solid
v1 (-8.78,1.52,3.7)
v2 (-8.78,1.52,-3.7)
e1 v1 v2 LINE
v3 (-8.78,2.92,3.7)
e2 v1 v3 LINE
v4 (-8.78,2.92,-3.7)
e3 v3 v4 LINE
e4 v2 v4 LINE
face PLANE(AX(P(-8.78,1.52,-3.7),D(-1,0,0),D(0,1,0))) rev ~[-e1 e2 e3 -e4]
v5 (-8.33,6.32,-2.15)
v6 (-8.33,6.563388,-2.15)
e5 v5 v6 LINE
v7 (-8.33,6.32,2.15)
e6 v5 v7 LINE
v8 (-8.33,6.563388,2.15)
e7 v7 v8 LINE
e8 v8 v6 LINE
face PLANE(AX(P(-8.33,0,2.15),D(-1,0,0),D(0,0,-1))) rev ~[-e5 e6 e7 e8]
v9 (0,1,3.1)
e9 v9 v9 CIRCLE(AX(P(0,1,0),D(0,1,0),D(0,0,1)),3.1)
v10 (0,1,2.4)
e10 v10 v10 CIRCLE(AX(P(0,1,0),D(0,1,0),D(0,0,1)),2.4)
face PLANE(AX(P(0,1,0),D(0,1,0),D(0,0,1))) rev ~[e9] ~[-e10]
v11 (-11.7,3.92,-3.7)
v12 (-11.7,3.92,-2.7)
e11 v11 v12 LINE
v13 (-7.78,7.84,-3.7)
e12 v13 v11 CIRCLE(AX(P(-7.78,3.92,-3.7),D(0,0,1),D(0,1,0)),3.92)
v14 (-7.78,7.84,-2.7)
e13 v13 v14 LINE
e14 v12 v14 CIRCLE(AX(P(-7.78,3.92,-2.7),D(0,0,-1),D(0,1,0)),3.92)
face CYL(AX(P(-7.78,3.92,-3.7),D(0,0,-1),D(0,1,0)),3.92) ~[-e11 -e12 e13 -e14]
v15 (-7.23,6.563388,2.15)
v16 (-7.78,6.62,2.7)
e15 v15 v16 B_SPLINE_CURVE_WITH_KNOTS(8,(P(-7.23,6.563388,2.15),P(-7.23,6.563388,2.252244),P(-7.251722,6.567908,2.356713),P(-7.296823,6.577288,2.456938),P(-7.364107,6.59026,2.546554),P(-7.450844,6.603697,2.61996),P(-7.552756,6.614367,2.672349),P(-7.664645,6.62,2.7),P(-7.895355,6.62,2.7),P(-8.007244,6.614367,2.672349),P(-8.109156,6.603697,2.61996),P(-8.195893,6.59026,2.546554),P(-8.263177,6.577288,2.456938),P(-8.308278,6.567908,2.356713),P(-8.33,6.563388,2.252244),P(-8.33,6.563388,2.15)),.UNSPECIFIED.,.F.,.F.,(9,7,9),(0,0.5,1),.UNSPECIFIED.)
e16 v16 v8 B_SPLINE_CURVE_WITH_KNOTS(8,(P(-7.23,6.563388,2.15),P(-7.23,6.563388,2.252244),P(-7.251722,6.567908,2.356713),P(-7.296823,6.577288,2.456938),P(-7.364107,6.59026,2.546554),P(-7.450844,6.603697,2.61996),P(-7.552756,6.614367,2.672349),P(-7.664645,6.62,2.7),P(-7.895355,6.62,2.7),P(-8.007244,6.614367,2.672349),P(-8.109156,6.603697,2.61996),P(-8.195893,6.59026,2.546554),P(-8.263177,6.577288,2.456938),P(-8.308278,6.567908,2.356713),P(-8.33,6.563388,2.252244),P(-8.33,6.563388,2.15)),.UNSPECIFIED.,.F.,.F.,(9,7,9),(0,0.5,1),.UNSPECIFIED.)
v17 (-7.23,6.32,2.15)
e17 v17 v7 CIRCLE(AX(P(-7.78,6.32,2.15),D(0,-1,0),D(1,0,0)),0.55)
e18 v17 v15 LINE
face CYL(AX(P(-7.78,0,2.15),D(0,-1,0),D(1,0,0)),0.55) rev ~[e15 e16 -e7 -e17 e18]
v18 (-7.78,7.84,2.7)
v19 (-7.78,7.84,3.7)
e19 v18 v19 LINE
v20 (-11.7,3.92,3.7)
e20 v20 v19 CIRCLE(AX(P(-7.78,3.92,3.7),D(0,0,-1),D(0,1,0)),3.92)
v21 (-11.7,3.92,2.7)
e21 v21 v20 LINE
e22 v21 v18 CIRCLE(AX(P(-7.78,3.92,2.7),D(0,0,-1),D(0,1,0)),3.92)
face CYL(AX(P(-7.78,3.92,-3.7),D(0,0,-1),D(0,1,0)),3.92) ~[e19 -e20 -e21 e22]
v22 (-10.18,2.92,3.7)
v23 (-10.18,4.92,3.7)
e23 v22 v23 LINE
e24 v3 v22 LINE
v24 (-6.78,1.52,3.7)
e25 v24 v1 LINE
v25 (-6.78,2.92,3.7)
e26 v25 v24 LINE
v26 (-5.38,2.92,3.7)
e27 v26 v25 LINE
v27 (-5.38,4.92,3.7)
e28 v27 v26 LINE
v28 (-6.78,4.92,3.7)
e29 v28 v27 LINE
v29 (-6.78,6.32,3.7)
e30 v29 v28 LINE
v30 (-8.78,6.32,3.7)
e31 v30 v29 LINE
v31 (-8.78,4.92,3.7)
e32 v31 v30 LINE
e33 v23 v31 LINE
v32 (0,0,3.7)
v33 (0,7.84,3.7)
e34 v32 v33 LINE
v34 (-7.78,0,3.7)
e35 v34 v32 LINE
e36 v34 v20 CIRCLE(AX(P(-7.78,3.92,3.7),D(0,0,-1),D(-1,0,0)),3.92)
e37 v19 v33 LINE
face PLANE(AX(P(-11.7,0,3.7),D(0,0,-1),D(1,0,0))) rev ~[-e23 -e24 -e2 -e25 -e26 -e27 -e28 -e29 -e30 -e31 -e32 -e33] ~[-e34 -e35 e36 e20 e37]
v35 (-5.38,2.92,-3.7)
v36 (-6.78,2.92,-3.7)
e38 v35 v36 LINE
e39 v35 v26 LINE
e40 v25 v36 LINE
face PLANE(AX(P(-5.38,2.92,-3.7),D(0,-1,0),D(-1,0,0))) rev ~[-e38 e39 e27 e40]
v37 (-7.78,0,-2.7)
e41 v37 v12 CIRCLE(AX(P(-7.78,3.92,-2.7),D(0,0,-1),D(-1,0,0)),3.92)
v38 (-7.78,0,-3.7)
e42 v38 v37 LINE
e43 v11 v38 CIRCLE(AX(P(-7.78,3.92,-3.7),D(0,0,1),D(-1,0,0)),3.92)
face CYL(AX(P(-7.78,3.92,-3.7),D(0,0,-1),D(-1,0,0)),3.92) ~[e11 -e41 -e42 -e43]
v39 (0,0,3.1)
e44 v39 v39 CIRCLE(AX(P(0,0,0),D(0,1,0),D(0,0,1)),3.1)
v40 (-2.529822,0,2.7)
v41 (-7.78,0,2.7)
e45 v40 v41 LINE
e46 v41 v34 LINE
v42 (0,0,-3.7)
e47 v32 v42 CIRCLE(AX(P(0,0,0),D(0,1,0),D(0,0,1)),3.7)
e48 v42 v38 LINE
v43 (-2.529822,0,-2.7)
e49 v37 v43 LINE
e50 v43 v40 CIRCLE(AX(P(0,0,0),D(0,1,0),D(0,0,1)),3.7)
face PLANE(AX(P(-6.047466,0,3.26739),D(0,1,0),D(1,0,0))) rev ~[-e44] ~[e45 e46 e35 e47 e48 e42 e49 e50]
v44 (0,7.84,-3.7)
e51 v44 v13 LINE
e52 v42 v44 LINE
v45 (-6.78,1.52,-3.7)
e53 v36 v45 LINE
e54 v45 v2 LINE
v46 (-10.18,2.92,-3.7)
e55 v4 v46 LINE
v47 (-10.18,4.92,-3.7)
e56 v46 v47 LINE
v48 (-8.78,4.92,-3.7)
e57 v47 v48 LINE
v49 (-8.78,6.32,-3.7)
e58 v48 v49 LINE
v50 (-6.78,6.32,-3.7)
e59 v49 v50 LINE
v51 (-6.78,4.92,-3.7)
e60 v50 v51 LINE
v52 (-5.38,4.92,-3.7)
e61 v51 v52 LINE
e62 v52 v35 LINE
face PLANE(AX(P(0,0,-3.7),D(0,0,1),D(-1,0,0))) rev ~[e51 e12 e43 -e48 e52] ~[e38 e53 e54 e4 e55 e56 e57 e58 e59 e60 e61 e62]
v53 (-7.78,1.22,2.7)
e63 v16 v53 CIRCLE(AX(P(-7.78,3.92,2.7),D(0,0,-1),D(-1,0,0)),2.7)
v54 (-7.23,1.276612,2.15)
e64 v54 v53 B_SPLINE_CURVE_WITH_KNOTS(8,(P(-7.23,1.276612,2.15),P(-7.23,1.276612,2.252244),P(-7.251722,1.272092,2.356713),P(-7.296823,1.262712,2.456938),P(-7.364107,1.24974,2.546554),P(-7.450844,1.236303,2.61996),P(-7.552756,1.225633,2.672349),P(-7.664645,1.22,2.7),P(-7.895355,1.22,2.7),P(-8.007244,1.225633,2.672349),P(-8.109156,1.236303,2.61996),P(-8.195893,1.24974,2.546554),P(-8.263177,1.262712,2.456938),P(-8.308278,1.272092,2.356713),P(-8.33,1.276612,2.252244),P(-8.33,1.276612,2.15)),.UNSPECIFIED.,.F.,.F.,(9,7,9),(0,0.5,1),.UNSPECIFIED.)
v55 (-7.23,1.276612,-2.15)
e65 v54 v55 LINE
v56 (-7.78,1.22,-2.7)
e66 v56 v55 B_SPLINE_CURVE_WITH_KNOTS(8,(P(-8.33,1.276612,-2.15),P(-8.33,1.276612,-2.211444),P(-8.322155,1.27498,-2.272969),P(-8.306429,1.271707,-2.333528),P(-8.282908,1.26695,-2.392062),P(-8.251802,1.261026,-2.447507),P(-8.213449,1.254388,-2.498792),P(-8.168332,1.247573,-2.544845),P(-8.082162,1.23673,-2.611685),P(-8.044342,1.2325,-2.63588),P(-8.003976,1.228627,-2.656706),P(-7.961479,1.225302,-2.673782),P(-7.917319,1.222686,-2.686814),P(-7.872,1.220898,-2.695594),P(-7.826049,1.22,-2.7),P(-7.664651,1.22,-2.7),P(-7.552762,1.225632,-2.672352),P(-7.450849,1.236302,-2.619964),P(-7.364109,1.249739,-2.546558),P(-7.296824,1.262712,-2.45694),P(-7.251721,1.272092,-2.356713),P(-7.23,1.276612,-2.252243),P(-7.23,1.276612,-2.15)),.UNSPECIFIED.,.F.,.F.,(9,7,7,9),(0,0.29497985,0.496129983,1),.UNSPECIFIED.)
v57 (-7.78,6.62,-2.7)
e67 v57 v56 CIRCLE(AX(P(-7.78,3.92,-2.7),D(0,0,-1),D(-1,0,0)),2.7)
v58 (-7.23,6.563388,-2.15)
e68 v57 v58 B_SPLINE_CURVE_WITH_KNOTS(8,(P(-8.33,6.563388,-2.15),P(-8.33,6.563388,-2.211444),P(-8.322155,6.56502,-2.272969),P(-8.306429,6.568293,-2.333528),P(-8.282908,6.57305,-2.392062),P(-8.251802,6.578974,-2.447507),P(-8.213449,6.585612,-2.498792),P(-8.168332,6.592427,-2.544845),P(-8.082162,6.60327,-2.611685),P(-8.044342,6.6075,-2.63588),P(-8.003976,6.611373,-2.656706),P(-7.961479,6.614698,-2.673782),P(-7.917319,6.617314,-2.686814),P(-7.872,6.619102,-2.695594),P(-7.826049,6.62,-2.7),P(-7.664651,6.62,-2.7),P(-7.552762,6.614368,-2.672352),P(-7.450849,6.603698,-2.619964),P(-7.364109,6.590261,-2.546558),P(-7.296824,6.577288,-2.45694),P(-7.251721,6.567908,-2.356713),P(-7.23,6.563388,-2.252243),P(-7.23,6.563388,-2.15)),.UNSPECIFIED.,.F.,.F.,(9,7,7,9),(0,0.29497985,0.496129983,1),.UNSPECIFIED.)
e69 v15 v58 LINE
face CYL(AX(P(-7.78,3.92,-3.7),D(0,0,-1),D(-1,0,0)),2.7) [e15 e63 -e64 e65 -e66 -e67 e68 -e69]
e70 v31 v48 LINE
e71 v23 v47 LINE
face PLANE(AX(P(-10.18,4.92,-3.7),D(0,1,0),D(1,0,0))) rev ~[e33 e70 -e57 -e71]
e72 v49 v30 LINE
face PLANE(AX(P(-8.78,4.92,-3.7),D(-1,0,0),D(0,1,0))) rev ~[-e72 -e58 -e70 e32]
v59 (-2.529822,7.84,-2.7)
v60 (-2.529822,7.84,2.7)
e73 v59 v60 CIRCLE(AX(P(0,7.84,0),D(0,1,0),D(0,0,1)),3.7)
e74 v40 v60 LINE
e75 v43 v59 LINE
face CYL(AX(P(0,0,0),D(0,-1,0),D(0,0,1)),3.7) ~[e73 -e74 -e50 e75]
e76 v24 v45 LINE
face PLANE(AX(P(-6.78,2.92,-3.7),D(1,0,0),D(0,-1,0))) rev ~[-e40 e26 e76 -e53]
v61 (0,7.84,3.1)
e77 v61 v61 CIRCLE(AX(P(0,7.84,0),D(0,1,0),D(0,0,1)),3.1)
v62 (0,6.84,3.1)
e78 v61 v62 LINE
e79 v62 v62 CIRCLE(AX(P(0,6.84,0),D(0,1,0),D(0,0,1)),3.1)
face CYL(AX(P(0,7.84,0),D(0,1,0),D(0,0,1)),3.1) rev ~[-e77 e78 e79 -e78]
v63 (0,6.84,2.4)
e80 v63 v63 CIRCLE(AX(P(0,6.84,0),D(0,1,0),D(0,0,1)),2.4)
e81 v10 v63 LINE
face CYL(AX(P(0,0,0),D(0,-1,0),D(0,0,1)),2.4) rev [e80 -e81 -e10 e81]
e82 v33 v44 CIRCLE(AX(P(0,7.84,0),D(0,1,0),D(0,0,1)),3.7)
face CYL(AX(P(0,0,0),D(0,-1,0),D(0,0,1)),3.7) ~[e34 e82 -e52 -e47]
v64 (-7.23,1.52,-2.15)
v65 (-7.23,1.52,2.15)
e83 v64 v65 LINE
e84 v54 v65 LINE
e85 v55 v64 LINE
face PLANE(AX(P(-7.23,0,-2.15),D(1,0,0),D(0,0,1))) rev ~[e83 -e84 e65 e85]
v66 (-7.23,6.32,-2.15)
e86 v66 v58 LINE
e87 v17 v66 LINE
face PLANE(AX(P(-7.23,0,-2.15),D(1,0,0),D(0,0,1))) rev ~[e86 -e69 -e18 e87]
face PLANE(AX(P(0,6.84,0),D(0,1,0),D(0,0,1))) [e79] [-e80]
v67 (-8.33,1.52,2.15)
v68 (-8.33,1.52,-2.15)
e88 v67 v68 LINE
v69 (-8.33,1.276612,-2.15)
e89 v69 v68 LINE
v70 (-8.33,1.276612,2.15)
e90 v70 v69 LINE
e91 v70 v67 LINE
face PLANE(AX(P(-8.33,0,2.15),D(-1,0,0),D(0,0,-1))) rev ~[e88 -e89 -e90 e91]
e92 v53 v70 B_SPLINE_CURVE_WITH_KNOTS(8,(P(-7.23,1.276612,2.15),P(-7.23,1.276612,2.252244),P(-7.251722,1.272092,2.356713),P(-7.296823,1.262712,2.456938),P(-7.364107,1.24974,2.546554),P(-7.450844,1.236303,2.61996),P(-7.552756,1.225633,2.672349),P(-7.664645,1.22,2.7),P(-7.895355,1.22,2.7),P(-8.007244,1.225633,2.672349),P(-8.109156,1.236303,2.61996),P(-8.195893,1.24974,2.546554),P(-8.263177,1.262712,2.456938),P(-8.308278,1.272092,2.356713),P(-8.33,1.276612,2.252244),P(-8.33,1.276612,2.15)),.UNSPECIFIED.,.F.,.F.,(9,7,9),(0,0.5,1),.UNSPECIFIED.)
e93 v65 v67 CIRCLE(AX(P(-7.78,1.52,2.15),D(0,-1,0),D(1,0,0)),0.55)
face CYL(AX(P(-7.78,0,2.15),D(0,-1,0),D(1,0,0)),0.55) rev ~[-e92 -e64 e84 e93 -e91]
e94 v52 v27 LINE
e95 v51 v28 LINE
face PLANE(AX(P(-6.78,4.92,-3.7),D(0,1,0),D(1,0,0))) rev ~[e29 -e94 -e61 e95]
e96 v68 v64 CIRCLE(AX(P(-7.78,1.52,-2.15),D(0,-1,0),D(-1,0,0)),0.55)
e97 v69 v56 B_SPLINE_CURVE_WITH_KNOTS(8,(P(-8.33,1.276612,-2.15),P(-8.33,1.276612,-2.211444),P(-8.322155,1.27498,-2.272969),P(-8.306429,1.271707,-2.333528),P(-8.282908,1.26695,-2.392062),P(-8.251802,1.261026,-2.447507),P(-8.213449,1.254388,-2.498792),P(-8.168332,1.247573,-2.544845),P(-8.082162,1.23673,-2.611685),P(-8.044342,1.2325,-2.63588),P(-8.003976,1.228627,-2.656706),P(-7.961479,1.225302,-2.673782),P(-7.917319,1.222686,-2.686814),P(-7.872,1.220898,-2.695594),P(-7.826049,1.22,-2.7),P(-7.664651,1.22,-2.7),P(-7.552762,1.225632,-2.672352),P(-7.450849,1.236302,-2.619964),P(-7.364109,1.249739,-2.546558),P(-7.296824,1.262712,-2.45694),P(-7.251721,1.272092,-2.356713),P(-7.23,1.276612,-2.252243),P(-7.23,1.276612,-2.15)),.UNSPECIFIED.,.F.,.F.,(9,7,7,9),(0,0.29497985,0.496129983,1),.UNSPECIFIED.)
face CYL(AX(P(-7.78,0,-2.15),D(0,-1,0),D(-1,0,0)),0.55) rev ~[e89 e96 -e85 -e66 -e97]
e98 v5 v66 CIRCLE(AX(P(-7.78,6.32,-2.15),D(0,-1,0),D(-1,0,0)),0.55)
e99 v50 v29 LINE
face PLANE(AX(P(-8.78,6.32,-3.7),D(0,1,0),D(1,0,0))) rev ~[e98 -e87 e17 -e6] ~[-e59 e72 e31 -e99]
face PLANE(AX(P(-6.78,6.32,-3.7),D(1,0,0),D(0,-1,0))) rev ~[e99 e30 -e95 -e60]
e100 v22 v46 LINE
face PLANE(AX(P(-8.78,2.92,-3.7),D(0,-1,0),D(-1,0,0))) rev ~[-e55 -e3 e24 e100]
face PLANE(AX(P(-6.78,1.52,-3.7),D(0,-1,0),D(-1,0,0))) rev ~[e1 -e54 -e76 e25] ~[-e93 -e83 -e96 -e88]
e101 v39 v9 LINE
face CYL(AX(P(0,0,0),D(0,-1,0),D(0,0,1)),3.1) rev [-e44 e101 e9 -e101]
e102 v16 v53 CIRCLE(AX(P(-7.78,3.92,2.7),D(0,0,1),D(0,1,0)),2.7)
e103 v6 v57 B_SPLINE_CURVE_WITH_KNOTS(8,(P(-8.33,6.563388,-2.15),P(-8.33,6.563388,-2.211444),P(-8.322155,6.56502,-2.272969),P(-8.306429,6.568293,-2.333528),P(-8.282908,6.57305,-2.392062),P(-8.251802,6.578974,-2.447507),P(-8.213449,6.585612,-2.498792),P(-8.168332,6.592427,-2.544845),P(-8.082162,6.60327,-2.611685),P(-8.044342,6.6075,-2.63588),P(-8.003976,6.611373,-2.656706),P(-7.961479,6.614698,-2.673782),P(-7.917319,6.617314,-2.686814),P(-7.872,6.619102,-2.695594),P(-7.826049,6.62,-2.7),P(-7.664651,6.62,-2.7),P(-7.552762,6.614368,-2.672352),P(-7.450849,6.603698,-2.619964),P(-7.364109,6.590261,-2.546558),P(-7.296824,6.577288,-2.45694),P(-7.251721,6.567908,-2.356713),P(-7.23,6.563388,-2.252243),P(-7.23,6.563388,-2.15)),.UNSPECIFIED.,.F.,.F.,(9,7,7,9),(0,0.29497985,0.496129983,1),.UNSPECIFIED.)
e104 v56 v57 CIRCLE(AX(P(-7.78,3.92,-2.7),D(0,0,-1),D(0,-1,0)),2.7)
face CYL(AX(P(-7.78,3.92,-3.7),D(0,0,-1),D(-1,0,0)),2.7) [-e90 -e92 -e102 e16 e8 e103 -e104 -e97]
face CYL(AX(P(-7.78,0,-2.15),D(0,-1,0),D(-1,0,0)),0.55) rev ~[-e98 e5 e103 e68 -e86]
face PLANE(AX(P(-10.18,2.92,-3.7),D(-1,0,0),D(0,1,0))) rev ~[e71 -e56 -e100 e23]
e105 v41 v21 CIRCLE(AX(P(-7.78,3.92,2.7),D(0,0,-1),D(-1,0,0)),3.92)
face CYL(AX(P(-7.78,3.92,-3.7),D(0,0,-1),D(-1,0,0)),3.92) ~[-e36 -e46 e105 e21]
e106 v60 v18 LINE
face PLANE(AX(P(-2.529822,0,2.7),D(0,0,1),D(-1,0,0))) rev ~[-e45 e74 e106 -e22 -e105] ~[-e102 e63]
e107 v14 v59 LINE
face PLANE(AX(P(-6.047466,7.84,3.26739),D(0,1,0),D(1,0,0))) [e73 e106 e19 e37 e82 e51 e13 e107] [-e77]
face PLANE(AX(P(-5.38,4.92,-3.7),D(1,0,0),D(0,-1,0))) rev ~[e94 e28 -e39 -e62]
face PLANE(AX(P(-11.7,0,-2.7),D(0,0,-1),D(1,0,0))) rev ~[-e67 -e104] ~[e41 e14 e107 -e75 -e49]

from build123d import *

# Parameters (mm, degrees)
SKETCH1_R           = 3.7
SKETCH1_R_2         = 3.1
SKETCH1_R_3         = 2.4
BOSS_EXTRUDE2_DEPTH = 7.84
SKETCH1_5_R         = 3.1
SKETCH1_5_R_2       = 2.4
CUT_EXTRUDE1_DEPTH  = 1
SKETCH3_R           = 3.1
SKETCH3_R_2         = 2.4
CUT_EXTRUDE2_DEPTH  = 1
BOSS_EXTRUDE3_DEPTH = 7.84
CUT_EXTRUDE3_REACH  = 17.91
CUT_EXTRUDE4_DEPTH  = 16.90960716
SKETCH4_5_R         = 2.7
BOSS_EXTRUDE4_DEPTH = 7.4
CUT_EXTRUDE5_DEPTH  = 15.561785605


with BuildPart() as part:
    # Sketch1 → Boss-Extrude2 (new body)
    with BuildSketch(Plane(origin=(0, 0, 0), x_dir=(1, 0, 0), z_dir=(0, 1, 0))):
        with Locations(Location((0, 0, 0), (0, 0, 270))):
            Circle(SKETCH1_R)
        Circle(SKETCH1_R_2, mode=Mode.SUBTRACT)
        Circle(SKETCH1_R_2)
        with Locations(Location((0, 0, 0), (0, 0, 270))):
            Circle(SKETCH1_R_3, mode=Mode.SUBTRACT)
    extrude(amount=BOSS_EXTRUDE2_DEPTH)

    # Sketch1<5> → Cut-Extrude1 (cut)
    with BuildSketch(Plane(origin=(0, 0, 0), x_dir=(1, 0, 0), z_dir=(0, 1, 0))):
        with Locations(Location((0, 0, 0), (0, 0, 270))):
            Circle(SKETCH1_5_R)
        with Locations(Location((0, 0, 0), (0, 0, 270))):
            Circle(SKETCH1_5_R_2, mode=Mode.SUBTRACT)
    extrude(amount=CUT_EXTRUDE1_DEPTH, mode=Mode.SUBTRACT)

    # Sketch3 → Cut-Extrude2 (cut)
    with BuildSketch(Plane(origin=(0, 7.84, 0), x_dir=(1, 0, 0), z_dir=(0, 1, 0))):
        with Locations(Location((0, 0, 0), (0, 0, 270))):
            Circle(SKETCH3_R)
        with Locations(Location((0, 0, 0), (0, 0, 270))):
            Circle(SKETCH3_R_2, mode=Mode.SUBTRACT)
    extrude(amount=-CUT_EXTRUDE2_DEPTH, mode=Mode.SUBTRACT)

    # Sketch1<6> → Boss-Extrude3 (add)
    with BuildSketch(Plane(origin=(0, 0, 0), x_dir=(1, 0, 0), z_dir=(0, 1, 0))):
        with BuildLine():
            Line((-11.7, -2.7), (-11.7, -3.7))
            Line((-11.7, -3.7), (0, -3.7))
            ThreePointArc((0, -3.7), (-1.360147051, -3.440930107), (-2.529822128, -2.7))
            Line((-2.529822128, -2.7), (-11.7, -2.7))
        make_face()
        with BuildLine():
            Line((-11.7, 3.7), (-11.7, 2.7))
            Line((-11.7, 2.7), (-2.529822128, 2.7))
            ThreePointArc((-2.529822128, 2.7), (-1.360147051, 3.440930107), (0, 3.7))
            Line((0, 3.7), (-11.7, 3.7))
        make_face()
    extrude(amount=BOSS_EXTRUDE3_DEPTH)

    # Cut-Extrude3: up to this face of the body (flat: up to its plane)
    cut_extrude3_end = Plane(part.part.faces().sort_by_distance((-5.85, 3.92, 3.7))[0])
    # Sketch4 → Cut-Extrude3 (cut, up to the picked face)
    with BuildSketch(Plane(origin=(0, 0, -3.7), x_dir=(-1, 0, 0), z_dir=(0, 0, -1)), mode=Mode.PRIVATE) as cut_extrude3_sk1:
        with BuildLine():
            Line((11.7, 7.84), (7.78, 7.84))
            ThreePointArc((7.78, 7.84), (10.551858582, 6.691858582), (11.7, 3.92))
            Line((11.7, 3.92), (11.7, 7.84))
        make_face()
    cut_extrude3_tool1 = split(extrude(cut_extrude3_sk1.sketch, amount=-CUT_EXTRUDE3_REACH, mode=Mode.PRIVATE), bisect_by=cut_extrude3_end, keep=Keep.BOTH, mode=Mode.PRIVATE)
    # Sketch4 → Cut-Extrude3 (cut, up to the picked face)
    with BuildSketch(Plane(origin=(0, 0, -3.7), x_dir=(-1, 0, 0), z_dir=(0, 0, -1)), mode=Mode.PRIVATE) as cut_extrude3_sk2:
        with BuildLine():
            Line((11.7, 0), (11.7, 3.92))
            ThreePointArc((11.7, 3.92), (10.551858582, 1.148141418), (7.78, 0))
            Line((7.78, 0), (11.7, 0))
        make_face()
    cut_extrude3_tool2 = split(extrude(cut_extrude3_sk2.sketch, amount=-CUT_EXTRUDE3_REACH, mode=Mode.PRIVATE), bisect_by=cut_extrude3_end, keep=Keep.BOTH, mode=Mode.PRIVATE)
    add(cut_extrude3_tool1.solids().sort_by(Axis((-10.824398, 6.964398, -3.7), (0, 0, 1)))[0], mode=Mode.SUBTRACT)
    add(cut_extrude3_tool2.solids().sort_by(Axis((-10.824398, 0.875602, -3.7), (0, 0, 1)))[0], mode=Mode.SUBTRACT)

    # Sketch4<4> → Cut-Extrude4 (cut, through all)
    with BuildSketch(Plane(origin=(0, 0, -3.7), x_dir=(-1, 0, 0), z_dir=(0, 0, -1))):
        Polygon((8.78, 4.92), (8.78, 6.32), (6.78, 6.32), (6.78, 4.92), (5.38, 4.92), (5.38, 2.92), (6.78, 2.92), (6.78, 1.52), (8.78, 1.52), (8.78, 2.92), (10.18, 2.92), (10.18, 4.92), align=None)
    extrude(amount=-CUT_EXTRUDE4_DEPTH, mode=Mode.SUBTRACT)

    # Sketch4<5> → Boss-Extrude4 (add, through all)
    with BuildSketch(Plane(origin=(0, 0, -3.7), x_dir=(-1, 0, 0), z_dir=(0, 0, -1))):
        with Locations((7.78, 3.92)):
            Circle(SKETCH4_5_R)
        Polygon((8.78, 6.32), (8.78, 4.92), (10.18, 4.92), (10.18, 2.92), (8.78, 2.92), (8.78, 1.52), (6.78, 1.52), (6.78, 2.92), (5.38, 2.92), (5.38, 4.92), (6.78, 4.92), (6.78, 6.32), align=None, mode=Mode.SUBTRACT)
    extrude(amount=-BOSS_EXTRUDE4_DEPTH)

    # Sketch5 → Cut-Extrude5 (cut, through all)
    with BuildSketch(Plane(origin=(0, 0, 0), x_dir=(1, 0, 0), z_dir=(0, 1, 0))):
        with BuildLine():
            Line((-8.33, -2.15), (-8.33, 2.15))
            ThreePointArc((-8.33, 2.15), (-7.78, 2.7), (-7.23, 2.15))
            Line((-7.23, 2.15), (-7.23, -2.15))
            ThreePointArc((-7.23, -2.15), (-7.78, -2.7), (-8.33, -2.15))
        make_face()
    extrude(amount=CUT_EXTRUDE5_DEPTH, mode=Mode.SUBTRACT)


solid = part.part
